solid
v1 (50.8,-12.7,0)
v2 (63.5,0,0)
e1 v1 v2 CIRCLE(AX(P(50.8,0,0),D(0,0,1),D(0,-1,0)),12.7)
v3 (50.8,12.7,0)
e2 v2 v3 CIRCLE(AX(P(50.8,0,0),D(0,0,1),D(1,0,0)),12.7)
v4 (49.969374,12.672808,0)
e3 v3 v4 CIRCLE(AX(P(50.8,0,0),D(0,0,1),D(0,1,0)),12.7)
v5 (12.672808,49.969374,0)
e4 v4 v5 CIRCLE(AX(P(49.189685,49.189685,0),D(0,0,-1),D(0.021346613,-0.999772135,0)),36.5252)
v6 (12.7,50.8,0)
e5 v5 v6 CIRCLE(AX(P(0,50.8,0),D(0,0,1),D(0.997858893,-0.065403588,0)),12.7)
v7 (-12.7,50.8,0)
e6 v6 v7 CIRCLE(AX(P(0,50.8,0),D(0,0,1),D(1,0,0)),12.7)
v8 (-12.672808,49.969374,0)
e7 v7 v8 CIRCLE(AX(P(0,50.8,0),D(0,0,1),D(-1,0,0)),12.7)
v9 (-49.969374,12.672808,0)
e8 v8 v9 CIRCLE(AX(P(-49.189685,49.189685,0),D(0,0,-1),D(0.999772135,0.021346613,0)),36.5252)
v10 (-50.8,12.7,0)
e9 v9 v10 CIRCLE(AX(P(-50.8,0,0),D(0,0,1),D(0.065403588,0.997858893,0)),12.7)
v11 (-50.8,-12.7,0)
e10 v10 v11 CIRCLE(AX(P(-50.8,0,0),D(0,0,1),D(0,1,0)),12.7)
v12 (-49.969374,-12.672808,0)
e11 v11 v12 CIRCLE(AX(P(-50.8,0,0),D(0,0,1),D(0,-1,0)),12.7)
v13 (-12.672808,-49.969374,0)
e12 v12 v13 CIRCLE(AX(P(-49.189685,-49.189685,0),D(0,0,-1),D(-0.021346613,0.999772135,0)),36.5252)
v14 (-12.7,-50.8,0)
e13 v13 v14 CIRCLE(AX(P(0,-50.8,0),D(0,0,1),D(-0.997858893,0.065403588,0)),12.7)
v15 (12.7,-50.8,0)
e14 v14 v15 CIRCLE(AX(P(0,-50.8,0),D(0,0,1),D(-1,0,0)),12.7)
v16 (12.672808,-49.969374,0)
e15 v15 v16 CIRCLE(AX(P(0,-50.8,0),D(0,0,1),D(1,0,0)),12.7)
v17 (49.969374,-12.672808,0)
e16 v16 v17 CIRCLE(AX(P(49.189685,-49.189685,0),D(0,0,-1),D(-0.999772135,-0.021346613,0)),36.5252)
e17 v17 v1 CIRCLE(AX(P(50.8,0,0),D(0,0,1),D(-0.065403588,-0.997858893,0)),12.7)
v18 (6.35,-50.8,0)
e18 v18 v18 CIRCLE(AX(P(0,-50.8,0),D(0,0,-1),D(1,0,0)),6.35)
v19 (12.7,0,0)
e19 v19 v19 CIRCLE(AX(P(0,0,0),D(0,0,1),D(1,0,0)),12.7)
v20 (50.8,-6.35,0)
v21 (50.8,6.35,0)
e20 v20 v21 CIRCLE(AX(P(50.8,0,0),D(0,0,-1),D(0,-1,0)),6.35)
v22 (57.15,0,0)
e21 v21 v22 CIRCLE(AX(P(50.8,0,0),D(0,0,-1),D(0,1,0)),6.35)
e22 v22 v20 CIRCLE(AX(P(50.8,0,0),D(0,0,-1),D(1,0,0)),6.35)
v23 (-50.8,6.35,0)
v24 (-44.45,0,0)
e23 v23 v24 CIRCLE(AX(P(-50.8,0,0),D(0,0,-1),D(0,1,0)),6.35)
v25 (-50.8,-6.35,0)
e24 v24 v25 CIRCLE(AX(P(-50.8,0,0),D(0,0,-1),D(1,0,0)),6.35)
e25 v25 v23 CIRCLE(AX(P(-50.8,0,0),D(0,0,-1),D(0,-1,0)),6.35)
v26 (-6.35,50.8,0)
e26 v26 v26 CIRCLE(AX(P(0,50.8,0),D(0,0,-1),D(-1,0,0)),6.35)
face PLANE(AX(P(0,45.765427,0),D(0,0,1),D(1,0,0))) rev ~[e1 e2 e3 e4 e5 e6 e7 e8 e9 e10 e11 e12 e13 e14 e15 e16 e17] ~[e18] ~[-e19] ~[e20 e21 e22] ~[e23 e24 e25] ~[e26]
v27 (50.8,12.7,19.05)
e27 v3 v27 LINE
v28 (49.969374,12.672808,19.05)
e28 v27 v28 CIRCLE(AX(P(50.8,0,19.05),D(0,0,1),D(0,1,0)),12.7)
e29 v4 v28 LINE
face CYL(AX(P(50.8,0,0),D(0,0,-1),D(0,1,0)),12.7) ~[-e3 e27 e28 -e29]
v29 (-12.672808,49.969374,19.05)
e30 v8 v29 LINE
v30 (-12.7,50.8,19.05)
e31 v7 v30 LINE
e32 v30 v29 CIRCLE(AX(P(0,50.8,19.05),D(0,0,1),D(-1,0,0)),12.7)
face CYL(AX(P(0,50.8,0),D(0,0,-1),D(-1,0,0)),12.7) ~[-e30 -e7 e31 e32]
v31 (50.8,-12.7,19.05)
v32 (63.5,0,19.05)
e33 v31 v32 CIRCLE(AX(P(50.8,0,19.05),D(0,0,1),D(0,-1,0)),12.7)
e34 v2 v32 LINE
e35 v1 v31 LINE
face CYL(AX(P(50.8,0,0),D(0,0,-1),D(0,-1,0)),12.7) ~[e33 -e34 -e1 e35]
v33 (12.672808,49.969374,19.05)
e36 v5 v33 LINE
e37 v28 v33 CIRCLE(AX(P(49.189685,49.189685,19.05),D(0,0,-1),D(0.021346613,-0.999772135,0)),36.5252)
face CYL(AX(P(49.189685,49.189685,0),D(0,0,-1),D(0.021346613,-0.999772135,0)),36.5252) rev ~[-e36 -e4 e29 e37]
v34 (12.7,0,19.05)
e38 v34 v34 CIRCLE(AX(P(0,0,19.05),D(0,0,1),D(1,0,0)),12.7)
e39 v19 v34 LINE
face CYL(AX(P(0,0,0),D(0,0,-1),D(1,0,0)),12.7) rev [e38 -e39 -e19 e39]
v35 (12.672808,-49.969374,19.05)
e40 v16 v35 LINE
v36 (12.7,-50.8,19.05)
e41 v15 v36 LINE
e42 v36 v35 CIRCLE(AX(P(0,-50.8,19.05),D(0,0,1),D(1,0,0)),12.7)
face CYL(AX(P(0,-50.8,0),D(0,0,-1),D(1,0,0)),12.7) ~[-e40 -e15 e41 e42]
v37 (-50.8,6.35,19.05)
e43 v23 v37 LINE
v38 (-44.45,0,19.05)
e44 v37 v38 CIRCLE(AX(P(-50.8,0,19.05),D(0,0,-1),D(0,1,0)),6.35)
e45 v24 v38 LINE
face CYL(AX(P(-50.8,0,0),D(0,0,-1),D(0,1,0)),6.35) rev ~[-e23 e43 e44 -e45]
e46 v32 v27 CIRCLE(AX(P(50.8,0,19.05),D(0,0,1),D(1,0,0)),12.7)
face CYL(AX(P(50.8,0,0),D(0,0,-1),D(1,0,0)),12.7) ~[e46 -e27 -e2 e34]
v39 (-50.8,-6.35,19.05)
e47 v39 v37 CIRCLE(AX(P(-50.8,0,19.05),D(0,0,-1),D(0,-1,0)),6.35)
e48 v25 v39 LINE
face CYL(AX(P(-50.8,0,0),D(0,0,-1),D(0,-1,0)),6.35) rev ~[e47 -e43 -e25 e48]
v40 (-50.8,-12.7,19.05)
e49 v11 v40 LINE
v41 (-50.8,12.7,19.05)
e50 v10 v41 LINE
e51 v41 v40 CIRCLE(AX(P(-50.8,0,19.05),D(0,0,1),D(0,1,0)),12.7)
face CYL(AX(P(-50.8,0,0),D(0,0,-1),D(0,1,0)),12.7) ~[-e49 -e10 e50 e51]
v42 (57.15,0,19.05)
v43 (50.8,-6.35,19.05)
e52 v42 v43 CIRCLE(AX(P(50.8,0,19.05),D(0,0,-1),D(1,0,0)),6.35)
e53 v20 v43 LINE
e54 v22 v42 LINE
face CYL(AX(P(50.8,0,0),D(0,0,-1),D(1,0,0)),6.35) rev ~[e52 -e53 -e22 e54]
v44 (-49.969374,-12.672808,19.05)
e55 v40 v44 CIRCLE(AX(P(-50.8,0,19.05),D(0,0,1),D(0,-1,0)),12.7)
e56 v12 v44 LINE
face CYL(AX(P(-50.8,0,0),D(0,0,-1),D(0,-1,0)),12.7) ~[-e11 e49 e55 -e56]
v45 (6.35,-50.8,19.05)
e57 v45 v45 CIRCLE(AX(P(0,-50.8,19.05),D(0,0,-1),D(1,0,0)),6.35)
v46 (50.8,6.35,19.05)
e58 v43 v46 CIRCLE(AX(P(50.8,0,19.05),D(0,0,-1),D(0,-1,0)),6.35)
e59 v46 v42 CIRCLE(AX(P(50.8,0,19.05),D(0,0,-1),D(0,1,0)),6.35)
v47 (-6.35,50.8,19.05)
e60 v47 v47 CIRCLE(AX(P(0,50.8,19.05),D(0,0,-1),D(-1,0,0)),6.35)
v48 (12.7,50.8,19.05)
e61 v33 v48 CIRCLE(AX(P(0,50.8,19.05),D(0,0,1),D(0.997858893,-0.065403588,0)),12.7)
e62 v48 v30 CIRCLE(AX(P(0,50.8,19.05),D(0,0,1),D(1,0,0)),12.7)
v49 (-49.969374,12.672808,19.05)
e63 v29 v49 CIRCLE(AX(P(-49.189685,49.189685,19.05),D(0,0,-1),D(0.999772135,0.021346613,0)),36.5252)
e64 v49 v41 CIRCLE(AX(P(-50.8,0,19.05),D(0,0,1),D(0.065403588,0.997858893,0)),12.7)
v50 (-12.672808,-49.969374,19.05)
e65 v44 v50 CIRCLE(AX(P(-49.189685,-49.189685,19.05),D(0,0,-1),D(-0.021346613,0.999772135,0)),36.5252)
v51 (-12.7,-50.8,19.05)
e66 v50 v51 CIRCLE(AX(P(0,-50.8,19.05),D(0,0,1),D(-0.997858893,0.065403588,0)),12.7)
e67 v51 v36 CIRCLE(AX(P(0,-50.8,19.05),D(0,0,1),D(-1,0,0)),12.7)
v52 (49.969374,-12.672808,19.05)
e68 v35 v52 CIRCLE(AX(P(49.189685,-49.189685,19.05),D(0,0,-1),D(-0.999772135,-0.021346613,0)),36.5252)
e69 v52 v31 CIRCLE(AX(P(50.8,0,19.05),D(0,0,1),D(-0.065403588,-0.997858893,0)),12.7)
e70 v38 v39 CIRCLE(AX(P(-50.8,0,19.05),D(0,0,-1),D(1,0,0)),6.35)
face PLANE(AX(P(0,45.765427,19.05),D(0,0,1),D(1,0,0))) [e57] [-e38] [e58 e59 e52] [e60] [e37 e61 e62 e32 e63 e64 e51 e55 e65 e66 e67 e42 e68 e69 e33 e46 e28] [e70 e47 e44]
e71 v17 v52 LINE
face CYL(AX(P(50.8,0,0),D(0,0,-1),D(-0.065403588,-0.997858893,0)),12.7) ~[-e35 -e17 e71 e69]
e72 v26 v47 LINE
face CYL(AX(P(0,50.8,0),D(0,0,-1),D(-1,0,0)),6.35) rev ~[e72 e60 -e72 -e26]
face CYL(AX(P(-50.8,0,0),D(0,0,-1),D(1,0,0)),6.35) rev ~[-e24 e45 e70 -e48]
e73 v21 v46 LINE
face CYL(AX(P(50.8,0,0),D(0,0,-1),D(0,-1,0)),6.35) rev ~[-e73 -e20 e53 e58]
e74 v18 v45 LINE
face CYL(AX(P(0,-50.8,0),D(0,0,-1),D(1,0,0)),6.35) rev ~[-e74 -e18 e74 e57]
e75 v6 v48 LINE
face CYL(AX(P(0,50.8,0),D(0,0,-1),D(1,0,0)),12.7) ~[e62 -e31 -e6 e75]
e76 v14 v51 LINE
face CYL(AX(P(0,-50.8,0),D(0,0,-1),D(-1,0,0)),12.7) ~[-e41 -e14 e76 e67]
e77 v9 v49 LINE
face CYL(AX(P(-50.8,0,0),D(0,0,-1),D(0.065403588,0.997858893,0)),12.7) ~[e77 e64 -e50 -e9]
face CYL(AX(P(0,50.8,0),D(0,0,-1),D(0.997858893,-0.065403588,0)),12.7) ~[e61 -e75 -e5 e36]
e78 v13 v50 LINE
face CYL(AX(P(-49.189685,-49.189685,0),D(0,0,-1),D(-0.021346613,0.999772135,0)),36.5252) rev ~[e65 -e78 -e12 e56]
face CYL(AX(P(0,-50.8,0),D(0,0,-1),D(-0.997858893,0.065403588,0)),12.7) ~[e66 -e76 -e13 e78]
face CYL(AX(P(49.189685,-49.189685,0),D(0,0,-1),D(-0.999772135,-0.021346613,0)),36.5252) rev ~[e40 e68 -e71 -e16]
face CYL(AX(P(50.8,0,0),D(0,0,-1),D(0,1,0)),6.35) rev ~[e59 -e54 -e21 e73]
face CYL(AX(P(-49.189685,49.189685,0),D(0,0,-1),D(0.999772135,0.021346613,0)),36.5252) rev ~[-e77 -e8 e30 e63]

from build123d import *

# Parameters (mm, degrees)
F0_R     = 12.7
F1_DEPTH = 19.05


with BuildPart() as f1:
    # F0 (on Top) → F1 (new body)
    with BuildSketch(Plane.XY):
        with BuildLine():
            Line((12.7, 50.8), (6.35, 50.8))
            ThreePointArc((6.35, 50.8), (0, 44.45), (-6.35, 50.8))
            Line((-6.35, 50.8), (-12.7, 50.8))
            ThreePointArc((-12.7, 50.8), (-12.6840414564, 50.3847645602), (-12.6728079436, 49.9693744379))
            ThreePointArc((-12.6728079436, 49.9693744379), (0, 38.1), (12.6728079436, 49.9693744379))
            ThreePointArc((12.6728079436, 49.9693744379), (12.6840414564, 50.3847645602), (12.7, 50.8))
        make_face()
        with BuildLine():
            ThreePointArc((-6.35, 50.8), (0, 57.15), (6.35, 50.8))
            Line((6.35, 50.8), (12.7, 50.8))
            ThreePointArc((12.7, 50.8), (0, 63.5), (-12.7, 50.8))
            Line((-12.7, 50.8), (-6.35, 50.8))
        make_face()
        with BuildLine():
            ThreePointArc((12.6728079436, 49.9693744379), (12.6932001655, 50.384464733), (12.7, 50.8))
            ThreePointArc((12.7, 50.8), (12.6840414564, 50.3847645602), (12.6728079436, 49.9693744379))
        make_face()
        with BuildLine():
            ThreePointArc((-12.6728079436, 49.9693744379), (-12.6840414564, 50.3847645602), (-12.7, 50.8))
            ThreePointArc((-12.7, 50.8), (-12.6932001655, 50.384464733), (-12.6728079436, 49.9693744379))
        make_face()
        with BuildLine():
            ThreePointArc((49.9693744379, 12.6728079436), (23.3624685283, 23.3624685283), (12.6728079436, 49.9693744379))
            ThreePointArc((12.6728079436, 49.9693744379), (0, 38.1), (-12.6728079436, 49.9693744379))
            ThreePointArc((-12.6728079436, 49.9693744379), (-23.3624685283, 23.3624685283), (-49.9693744379, 12.6728079436))
            ThreePointArc((-49.9693744379, 12.6728079436), (-41.5307242829, 8.6816201069), (-38.1, 0))
            ThreePointArc((-38.1, 0), (-41.5307242829, -8.6816201069), (-49.9693744379, -12.6728079436))
            ThreePointArc((-49.9693744379, -12.6728079436), (-23.3624685283, -23.3624685283), (-12.6728079436, -49.9693744379))
            ThreePointArc((-12.6728079436, -49.9693744379), (0, -38.1), (12.6728079436, -49.9693744379))
            ThreePointArc((12.6728079436, -49.9693744379), (23.3624685283, -23.3624685283), (49.9693744379, -12.6728079436))
            ThreePointArc((49.9693744379, -12.6728079436), (38.1, 0), (49.9693744379, 12.6728079436))
        make_face()
        Circle(F0_R, mode=Mode.SUBTRACT)
        with BuildLine():
            ThreePointArc((50.8, 12.7), (50.3847645602, 12.6840414564), (49.9693744379, 12.6728079436))
            ThreePointArc((49.9693744379, 12.6728079436), (38.1, 0), (49.9693744379, -12.6728079436))
            ThreePointArc((49.9693744379, -12.6728079436), (50.3847645602, -12.6840414564), (50.8, -12.7))
            Line((50.8, -12.7), (50.8, -6.35))
            ThreePointArc((50.8, -6.35), (44.45, 0), (50.8, 6.35))
            Line((50.8, 6.35), (50.8, 12.7))
        make_face()
        with BuildLine():
            ThreePointArc((50.8, 12.7), (50.384464733, 12.6932001655), (49.9693744379, 12.6728079436))
            ThreePointArc((49.9693744379, 12.6728079436), (50.3847645602, 12.6840414564), (50.8, 12.7))
        make_face()
        with BuildLine():
            ThreePointArc((-50.8, 12.7), (-50.3847645602, 12.6840414564), (-49.9693744379, 12.6728079436))
            ThreePointArc((-49.9693744379, 12.6728079436), (-50.384464733, 12.6932001655), (-50.8, 12.7))
        make_face()
        with BuildLine():
            ThreePointArc((-38.1, 0), (-41.5307242829, 8.6816201069), (-49.9693744379, 12.6728079436))
            ThreePointArc((-49.9693744379, 12.6728079436), (-50.3847645602, 12.6840414564), (-50.8, 12.7))
            Line((-50.8, 12.7), (-50.8, 6.35))
            ThreePointArc((-50.8, 6.35), (-46.3098719395, 4.4901280605), (-44.45, 0))
            ThreePointArc((-44.45, 0), (-46.3098719395, -4.4901280605), (-50.8, -6.35))
            Line((-50.8, -6.35), (-50.8, -12.7))
            ThreePointArc((-50.8, -12.7), (-50.3847645602, -12.6840414564), (-49.9693744379, -12.6728079436))
            ThreePointArc((-49.9693744379, -12.6728079436), (-41.5307242829, -8.6816201069), (-38.1, 0))
        make_face()
        with BuildLine():
            ThreePointArc((63.5, 0), (59.7802561211, 8.9802561211), (50.8, 12.7))
            Line((50.8, 12.7), (50.8, 6.35))
            ThreePointArc((50.8, 6.35), (55.2901280605, 4.4901280605), (57.15, 0))
            ThreePointArc((57.15, 0), (55.2901280605, -4.4901280605), (50.8, -6.35))
            Line((50.8, -6.35), (50.8, -12.7))
            ThreePointArc((50.8, -12.7), (59.7802561211, -8.9802561211), (63.5, 0))
        make_face()
        with BuildLine():
            ThreePointArc((50.8, -12.7), (50.3847645602, -12.6840414564), (49.9693744379, -12.6728079436))
            ThreePointArc((49.9693744379, -12.6728079436), (50.384464733, -12.6932001655), (50.8, -12.7))
        make_face()
        with BuildLine():
            Line((-50.8, 6.35), (-50.8, 12.7))
            ThreePointArc((-50.8, 12.7), (-63.5, 0), (-50.8, -12.7))
            Line((-50.8, -12.7), (-50.8, -6.35))
            ThreePointArc((-50.8, -6.35), (-57.15, 0), (-50.8, 6.35))
        make_face()
        with BuildLine():
            ThreePointArc((12.7, -50.8), (12.6840414564, -50.3847645602), (12.6728079436, -49.9693744379))
            ThreePointArc((12.6728079436, -49.9693744379), (0, -38.1), (-12.6728079436, -49.9693744379))
            ThreePointArc((-12.6728079436, -49.9693744379), (-12.6840414564, -50.3847645602), (-12.7, -50.8))
            Line((-12.7, -50.8), (-6.35, -50.8))
            ThreePointArc((-6.35, -50.8), (0, -44.45), (6.35, -50.8))
            Line((6.35, -50.8), (12.7, -50.8))
        make_face()
        with BuildLine():
            ThreePointArc((12.7, -50.8), (12.6932001655, -50.384464733), (12.6728079436, -49.9693744379))
            ThreePointArc((12.6728079436, -49.9693744379), (12.6840414564, -50.3847645602), (12.7, -50.8))
        make_face()
        with BuildLine():
            ThreePointArc((-50.8, -12.7), (-50.384464733, -12.6932001655), (-49.9693744379, -12.6728079436))
            ThreePointArc((-49.9693744379, -12.6728079436), (-50.3847645602, -12.6840414564), (-50.8, -12.7))
        make_face()
        with BuildLine():
            ThreePointArc((-12.7, -50.8), (0, -63.5), (12.7, -50.8))
            Line((12.7, -50.8), (6.35, -50.8))
            ThreePointArc((6.35, -50.8), (0, -57.15), (-6.35, -50.8))
            Line((-6.35, -50.8), (-12.7, -50.8))
        make_face()
        with BuildLine():
            ThreePointArc((-12.7, -50.8), (-12.6840414564, -50.3847645602), (-12.6728079436, -49.9693744379))
            ThreePointArc((-12.6728079436, -49.9693744379), (-12.6932001655, -50.384464733), (-12.7, -50.8))
        make_face()
    extrude(amount=F1_DEPTH)


solid = f1.part
